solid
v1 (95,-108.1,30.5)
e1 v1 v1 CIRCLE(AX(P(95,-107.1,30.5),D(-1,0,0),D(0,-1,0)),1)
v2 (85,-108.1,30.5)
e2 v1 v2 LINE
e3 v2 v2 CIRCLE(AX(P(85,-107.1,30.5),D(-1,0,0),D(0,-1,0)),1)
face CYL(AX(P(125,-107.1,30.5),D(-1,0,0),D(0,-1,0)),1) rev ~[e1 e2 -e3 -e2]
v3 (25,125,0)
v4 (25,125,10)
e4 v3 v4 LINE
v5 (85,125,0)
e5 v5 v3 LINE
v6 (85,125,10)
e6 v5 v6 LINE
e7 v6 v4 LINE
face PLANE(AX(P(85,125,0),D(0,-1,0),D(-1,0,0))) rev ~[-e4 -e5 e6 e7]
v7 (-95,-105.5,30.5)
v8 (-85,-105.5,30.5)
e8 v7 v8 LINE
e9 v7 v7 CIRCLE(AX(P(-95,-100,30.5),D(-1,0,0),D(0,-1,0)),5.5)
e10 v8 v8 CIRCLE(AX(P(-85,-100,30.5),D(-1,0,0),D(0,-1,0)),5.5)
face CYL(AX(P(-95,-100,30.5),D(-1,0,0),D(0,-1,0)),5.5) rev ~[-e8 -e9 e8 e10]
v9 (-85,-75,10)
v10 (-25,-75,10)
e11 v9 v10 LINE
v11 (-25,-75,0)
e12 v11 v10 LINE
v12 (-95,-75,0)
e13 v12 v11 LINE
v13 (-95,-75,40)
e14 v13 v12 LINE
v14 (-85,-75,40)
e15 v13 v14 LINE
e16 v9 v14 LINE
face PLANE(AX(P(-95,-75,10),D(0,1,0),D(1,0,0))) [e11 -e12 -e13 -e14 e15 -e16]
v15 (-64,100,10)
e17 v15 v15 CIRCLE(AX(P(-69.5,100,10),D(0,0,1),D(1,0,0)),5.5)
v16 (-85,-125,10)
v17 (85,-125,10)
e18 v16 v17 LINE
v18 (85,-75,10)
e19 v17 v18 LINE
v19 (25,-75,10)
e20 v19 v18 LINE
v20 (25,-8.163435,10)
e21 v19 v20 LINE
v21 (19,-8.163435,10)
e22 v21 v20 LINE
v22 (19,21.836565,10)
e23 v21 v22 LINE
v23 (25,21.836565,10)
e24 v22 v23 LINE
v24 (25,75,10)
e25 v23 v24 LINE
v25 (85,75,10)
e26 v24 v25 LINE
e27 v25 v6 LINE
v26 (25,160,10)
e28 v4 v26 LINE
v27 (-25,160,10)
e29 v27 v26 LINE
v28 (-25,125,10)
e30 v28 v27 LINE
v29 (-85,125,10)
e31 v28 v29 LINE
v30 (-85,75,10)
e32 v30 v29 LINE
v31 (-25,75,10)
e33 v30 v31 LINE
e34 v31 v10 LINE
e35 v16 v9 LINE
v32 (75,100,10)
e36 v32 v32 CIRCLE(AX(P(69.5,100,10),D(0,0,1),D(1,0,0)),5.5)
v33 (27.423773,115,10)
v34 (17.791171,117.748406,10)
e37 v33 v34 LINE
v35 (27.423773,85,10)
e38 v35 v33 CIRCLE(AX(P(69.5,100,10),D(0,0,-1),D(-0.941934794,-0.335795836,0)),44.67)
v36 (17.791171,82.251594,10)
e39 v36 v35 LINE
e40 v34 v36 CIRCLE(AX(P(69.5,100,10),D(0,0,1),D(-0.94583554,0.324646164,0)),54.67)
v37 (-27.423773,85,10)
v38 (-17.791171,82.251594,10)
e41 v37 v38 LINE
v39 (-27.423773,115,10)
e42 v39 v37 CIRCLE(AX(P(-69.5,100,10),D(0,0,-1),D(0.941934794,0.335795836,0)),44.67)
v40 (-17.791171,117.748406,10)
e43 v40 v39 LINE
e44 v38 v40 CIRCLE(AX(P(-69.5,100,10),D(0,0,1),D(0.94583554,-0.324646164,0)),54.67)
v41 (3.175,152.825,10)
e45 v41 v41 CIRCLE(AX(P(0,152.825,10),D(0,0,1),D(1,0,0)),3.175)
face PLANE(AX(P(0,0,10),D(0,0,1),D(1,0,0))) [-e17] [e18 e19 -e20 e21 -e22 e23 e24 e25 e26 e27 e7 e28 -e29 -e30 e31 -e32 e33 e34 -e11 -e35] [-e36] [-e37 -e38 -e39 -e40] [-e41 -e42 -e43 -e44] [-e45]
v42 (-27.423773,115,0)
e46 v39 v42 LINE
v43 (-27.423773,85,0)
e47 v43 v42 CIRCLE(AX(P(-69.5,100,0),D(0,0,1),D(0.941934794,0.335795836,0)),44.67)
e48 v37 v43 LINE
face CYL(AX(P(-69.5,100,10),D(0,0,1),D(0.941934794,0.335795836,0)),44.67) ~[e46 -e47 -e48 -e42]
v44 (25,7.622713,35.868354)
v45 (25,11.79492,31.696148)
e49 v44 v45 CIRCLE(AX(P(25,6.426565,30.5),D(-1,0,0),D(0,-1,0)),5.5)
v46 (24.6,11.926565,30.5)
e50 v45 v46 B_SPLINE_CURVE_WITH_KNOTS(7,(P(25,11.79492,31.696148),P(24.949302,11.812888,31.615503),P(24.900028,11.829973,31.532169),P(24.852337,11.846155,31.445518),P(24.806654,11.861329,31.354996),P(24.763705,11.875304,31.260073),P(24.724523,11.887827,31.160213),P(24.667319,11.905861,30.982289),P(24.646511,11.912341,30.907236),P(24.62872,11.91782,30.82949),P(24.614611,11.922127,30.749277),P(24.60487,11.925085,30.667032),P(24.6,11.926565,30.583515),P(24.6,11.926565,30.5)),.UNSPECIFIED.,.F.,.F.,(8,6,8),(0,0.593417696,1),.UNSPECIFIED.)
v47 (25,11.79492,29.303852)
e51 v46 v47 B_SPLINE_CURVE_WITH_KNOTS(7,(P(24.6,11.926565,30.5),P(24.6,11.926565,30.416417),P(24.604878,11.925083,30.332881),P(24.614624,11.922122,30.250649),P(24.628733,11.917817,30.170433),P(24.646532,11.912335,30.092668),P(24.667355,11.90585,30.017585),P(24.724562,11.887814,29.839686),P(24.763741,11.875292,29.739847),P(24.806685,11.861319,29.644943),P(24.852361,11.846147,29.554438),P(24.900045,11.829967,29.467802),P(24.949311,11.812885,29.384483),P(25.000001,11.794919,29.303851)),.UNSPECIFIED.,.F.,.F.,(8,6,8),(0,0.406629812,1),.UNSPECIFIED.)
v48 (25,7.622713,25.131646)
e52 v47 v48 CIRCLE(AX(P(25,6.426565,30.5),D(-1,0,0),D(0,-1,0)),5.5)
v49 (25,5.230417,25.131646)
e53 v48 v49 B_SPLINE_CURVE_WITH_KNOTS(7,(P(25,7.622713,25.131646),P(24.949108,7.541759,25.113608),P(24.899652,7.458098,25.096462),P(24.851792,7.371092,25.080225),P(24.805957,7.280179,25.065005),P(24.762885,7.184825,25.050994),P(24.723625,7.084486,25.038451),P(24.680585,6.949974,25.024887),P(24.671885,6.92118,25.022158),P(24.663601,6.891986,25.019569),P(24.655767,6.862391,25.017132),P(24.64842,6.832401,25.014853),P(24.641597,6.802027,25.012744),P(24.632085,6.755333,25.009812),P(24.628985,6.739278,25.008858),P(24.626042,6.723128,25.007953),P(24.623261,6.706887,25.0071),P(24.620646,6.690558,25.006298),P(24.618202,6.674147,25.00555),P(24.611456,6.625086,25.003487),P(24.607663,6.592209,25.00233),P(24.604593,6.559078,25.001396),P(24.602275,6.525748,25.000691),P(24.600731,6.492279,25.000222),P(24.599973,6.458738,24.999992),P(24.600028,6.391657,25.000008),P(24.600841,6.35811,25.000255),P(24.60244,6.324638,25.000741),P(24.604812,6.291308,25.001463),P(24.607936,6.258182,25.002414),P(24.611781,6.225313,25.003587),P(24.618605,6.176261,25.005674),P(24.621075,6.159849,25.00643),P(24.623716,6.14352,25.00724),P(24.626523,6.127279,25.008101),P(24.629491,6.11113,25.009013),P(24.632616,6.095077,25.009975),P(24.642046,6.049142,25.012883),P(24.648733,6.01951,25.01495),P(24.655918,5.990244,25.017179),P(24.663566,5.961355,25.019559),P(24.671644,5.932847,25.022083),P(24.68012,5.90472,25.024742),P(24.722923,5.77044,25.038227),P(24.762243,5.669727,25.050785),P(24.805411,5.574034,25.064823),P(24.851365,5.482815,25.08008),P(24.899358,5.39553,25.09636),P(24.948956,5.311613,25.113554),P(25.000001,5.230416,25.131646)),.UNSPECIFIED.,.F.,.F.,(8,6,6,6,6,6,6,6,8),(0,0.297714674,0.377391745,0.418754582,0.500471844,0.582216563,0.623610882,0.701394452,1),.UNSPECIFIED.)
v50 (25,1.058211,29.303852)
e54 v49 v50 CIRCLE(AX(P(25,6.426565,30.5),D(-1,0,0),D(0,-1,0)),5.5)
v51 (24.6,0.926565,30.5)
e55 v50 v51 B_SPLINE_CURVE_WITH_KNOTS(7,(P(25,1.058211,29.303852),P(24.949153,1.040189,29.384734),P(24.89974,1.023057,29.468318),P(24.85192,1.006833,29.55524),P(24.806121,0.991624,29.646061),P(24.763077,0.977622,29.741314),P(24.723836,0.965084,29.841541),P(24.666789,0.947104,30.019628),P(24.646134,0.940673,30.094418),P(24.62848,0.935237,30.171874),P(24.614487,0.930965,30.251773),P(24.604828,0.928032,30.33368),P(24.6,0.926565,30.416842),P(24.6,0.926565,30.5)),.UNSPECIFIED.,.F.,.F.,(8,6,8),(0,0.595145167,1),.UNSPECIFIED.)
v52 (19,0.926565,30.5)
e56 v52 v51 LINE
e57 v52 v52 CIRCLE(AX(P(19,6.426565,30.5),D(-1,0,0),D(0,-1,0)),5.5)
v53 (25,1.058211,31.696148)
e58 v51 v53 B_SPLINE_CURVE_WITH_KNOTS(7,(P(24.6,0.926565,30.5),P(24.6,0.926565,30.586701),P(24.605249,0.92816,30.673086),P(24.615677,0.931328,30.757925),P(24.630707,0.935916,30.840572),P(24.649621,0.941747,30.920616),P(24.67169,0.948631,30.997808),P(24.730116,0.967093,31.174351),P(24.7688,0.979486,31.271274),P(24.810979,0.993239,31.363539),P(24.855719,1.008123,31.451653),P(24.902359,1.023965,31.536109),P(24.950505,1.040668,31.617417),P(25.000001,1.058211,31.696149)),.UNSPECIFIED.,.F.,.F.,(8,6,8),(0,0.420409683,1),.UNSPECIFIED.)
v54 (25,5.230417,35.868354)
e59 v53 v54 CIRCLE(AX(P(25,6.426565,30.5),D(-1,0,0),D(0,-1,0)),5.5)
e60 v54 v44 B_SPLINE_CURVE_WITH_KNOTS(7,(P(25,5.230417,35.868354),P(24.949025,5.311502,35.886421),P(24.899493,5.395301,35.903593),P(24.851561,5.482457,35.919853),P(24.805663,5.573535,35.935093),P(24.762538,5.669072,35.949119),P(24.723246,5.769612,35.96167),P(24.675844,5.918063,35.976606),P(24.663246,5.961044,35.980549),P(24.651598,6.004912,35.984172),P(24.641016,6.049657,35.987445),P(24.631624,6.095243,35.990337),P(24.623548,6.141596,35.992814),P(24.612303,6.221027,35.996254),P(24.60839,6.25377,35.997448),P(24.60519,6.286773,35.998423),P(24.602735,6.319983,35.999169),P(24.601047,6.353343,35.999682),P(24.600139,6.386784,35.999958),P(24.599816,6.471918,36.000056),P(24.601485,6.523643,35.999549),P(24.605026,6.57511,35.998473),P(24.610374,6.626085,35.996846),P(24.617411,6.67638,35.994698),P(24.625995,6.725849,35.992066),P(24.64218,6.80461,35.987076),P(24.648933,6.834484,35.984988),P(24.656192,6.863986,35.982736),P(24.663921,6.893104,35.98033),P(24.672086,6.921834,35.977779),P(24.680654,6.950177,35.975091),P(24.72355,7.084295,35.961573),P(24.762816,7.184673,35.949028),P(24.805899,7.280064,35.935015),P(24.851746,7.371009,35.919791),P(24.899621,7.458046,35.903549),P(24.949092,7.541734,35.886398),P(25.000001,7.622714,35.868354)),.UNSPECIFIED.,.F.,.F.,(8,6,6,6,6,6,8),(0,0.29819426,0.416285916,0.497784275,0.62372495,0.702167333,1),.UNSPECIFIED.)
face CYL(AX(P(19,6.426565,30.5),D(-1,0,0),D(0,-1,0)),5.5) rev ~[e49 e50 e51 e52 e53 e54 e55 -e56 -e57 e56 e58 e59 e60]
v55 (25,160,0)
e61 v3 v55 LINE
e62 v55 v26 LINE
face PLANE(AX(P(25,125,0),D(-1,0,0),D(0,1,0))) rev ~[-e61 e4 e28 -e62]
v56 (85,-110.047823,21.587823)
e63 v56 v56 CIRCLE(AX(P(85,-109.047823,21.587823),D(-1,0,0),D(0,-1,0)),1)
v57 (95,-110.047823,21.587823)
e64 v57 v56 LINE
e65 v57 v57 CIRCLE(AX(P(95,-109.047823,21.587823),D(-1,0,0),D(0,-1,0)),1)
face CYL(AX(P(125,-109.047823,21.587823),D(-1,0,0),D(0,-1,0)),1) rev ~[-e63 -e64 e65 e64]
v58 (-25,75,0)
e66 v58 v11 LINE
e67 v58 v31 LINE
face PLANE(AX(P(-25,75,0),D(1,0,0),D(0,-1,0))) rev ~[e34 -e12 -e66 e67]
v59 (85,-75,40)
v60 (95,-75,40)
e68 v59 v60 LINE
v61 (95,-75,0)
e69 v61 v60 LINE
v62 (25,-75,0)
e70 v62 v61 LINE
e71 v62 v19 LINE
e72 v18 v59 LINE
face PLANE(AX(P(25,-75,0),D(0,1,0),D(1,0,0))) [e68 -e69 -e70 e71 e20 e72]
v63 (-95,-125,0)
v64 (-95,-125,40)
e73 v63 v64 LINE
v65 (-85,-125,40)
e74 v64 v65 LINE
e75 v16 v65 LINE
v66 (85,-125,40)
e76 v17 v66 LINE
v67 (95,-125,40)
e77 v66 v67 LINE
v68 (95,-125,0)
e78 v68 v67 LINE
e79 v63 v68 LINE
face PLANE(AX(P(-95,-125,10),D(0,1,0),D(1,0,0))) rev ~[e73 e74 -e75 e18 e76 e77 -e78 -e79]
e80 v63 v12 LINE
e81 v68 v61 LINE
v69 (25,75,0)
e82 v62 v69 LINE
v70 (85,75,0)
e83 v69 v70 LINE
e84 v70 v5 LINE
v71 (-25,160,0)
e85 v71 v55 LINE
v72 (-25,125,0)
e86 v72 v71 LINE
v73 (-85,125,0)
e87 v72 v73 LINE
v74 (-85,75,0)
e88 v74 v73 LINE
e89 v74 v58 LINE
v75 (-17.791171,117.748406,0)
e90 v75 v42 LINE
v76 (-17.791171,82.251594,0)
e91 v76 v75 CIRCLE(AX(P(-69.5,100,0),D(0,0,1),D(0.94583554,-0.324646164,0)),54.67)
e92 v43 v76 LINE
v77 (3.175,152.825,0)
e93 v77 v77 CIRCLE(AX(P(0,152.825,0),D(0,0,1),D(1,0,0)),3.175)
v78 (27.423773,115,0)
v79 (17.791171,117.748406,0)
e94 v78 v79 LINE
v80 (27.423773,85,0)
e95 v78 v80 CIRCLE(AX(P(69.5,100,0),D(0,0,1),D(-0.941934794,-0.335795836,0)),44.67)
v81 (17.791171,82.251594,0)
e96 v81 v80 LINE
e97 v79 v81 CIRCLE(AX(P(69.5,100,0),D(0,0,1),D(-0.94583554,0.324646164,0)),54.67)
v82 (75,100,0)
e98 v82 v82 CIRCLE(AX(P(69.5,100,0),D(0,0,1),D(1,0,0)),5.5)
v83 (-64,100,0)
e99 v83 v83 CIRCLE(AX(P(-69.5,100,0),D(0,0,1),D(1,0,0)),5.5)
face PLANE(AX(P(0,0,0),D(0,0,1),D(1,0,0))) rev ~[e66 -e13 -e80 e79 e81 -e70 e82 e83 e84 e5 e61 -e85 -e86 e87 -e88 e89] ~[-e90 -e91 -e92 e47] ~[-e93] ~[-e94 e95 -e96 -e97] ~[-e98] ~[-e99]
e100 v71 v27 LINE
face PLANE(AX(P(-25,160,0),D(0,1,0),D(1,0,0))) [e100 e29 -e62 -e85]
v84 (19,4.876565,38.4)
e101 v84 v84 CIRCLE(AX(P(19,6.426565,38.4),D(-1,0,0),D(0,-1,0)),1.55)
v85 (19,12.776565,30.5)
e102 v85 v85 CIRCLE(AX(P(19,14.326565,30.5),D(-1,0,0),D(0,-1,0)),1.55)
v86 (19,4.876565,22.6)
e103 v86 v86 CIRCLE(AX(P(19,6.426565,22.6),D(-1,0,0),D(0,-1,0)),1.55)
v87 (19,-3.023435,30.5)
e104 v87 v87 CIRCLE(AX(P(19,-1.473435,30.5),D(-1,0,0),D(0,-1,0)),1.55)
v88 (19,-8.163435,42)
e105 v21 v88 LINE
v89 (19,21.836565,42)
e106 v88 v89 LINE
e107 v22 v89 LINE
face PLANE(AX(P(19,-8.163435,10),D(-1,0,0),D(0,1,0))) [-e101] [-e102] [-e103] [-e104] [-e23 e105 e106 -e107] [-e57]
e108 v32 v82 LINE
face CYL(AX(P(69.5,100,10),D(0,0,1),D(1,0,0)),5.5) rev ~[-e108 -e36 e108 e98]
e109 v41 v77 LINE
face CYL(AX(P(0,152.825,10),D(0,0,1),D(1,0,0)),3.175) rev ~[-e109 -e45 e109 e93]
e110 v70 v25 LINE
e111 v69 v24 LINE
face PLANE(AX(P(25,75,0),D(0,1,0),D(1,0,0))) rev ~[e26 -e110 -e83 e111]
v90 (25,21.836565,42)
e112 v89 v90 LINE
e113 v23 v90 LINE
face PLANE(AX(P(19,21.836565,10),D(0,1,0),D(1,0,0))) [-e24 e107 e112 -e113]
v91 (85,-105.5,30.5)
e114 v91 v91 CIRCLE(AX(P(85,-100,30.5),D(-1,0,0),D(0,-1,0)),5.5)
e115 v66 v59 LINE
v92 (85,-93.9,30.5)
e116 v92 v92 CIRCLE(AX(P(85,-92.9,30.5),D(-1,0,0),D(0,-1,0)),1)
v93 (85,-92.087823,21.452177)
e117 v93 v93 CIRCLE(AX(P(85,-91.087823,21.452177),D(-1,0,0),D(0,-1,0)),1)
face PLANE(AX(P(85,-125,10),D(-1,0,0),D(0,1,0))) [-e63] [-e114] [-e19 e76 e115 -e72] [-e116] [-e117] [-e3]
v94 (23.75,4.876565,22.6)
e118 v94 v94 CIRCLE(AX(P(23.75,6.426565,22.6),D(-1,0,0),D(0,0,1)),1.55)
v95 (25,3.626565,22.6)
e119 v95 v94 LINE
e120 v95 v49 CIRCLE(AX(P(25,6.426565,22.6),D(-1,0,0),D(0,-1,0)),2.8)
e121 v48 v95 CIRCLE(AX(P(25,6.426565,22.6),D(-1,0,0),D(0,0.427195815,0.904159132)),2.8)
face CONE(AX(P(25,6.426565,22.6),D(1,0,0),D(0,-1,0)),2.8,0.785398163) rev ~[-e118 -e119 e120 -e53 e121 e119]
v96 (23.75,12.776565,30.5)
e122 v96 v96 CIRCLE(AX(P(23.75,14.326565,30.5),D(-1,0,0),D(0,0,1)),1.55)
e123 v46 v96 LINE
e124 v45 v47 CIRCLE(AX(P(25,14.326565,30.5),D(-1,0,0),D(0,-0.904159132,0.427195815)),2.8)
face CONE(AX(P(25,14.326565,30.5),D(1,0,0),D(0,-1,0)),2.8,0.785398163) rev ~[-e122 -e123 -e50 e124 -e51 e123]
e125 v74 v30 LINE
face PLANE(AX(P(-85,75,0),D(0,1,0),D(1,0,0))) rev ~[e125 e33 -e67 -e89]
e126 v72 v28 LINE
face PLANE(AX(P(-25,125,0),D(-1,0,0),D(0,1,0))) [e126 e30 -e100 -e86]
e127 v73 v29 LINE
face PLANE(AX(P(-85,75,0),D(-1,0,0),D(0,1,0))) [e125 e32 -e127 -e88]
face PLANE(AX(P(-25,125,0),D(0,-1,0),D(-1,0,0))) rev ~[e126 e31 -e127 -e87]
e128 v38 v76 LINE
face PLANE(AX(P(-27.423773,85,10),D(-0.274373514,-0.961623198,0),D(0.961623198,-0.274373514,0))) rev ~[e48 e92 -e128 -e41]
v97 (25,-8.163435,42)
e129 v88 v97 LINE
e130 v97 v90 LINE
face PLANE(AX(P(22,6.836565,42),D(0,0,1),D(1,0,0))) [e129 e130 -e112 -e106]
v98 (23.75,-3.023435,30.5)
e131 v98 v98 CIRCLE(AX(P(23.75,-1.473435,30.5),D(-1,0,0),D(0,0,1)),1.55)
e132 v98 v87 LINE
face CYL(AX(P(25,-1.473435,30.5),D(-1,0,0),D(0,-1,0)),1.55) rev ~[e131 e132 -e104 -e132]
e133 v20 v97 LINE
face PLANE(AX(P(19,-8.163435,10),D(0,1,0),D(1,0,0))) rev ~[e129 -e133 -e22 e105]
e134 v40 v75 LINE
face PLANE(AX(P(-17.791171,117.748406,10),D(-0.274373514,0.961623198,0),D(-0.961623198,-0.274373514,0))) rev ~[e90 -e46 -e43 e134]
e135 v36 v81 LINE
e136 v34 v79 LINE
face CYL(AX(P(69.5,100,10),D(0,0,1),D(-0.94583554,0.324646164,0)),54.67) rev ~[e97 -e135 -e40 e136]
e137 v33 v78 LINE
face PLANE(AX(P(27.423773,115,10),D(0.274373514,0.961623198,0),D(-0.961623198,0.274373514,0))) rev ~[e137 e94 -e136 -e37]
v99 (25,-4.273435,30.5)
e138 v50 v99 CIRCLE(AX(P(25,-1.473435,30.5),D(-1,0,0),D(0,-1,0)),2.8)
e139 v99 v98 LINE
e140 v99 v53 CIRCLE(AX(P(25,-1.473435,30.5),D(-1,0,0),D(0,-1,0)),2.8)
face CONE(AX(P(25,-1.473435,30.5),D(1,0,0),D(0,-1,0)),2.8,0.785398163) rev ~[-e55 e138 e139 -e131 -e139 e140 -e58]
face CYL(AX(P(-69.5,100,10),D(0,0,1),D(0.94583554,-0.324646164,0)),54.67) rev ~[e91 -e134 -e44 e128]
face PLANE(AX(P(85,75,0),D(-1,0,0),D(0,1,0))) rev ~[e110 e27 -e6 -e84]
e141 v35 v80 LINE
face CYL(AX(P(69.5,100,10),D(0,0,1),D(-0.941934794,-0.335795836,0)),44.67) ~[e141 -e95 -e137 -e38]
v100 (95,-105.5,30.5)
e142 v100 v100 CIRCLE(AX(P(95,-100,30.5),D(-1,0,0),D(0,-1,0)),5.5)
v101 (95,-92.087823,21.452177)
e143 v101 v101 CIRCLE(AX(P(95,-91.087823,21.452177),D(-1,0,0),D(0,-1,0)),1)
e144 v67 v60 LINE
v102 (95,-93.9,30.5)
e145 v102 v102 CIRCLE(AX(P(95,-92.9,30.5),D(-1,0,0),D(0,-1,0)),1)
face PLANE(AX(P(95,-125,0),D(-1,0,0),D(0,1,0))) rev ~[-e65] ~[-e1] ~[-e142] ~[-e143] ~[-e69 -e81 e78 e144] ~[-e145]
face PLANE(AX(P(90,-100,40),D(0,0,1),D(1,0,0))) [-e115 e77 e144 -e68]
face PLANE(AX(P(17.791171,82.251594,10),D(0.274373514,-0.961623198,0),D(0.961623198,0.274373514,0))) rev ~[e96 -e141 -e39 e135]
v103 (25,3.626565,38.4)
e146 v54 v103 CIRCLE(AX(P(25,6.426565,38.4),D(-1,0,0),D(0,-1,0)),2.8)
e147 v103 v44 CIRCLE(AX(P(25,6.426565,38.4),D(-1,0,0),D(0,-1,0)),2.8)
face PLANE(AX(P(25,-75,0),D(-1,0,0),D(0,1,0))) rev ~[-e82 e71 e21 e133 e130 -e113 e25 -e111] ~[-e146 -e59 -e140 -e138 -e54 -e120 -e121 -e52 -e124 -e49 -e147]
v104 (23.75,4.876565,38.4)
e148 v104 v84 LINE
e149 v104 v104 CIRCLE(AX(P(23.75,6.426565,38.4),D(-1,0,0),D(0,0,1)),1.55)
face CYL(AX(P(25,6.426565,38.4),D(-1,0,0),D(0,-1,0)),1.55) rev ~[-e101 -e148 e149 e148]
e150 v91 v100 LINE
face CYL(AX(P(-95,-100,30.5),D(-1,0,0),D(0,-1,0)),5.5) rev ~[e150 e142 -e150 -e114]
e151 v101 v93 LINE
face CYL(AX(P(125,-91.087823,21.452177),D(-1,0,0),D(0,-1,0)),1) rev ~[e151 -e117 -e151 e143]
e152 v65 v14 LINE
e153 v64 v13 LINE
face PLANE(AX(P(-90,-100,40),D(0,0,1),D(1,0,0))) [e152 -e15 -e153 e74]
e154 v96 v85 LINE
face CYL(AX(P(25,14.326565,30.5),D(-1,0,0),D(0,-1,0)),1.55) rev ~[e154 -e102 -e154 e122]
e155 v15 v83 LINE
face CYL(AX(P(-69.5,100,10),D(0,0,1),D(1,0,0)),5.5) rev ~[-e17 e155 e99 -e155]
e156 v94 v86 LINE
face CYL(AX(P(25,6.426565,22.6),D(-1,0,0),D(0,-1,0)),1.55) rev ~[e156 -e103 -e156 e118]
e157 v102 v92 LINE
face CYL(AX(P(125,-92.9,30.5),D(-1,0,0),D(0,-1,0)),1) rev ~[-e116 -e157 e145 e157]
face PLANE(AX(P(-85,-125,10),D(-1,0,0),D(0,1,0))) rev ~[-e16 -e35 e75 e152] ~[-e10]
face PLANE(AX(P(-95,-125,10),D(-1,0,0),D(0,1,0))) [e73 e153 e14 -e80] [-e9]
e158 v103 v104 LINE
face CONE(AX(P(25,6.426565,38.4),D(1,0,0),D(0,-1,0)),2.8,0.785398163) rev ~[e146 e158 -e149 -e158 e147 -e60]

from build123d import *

# Parameters (mm, degrees)
F0_W            = 50
F0_H            = 150
F0_H_2          = 50
F0_W_2          = 60
F0_W_3          = 70
F0_H_3          = 35
F1_DEPTH        = 10
F2_W            = 10
F2_H            = 50
F3_DEPTH        = 30
F4_R            = 5.5
F5_DEPTH        = 190.001
F6_R            = 3.175
F7_DEPTH        = 10.001
F8_R            = 5.5
F9_DEPTH        = 10.001
F10_R           = 5.5
F11_DEPTH       = 10.001
F13_DEPTH       = 10.001
F14_W           = 6
F14_H           = 30
F15_DEPTH       = 32
F16_R           = 5.5
F17_DEPTH       = 76.001
F19_D           = 3.1
F19_CSINK_D     = 5.6
F19_CSINK_ANGLE = 90
F21_D           = 2
F21_DEPTH       = 30
F21_TIP         = 0.600860619


with BuildPart() as f1:
    # F0 (on Top) → F1 (new body)
    with BuildSketch(Plane.XY):
        Rectangle(F0_W, F0_H)
        with Locations((0, 100)):
            Rectangle(F0_W, F0_H_2)
        with Locations((55, 100)):
            Rectangle(F0_W_2, F0_H_2)
        with Locations((-55, 100)):
            Rectangle(F0_W_2, F0_H_2)
        with Locations((0, -100)):
            Rectangle(F0_W, F0_H_2)
        with Locations((60, -100)):
            Rectangle(F0_W_3, F0_H_2)
        with Locations((0, 142.5)):
            Rectangle(F0_W, F0_H_3)
        with Locations((-60, -100)):
            Rectangle(F0_W_3, F0_H_2)
    extrude(amount=F1_DEPTH)

    # F2 (on face) → F3 (join)
    with BuildSketch(Plane.XY.offset(10)):
        with Locations((-90, -100)):
            Rectangle(F2_W, F2_H)
        with Locations((90, -100)):
            Rectangle(F2_W, F2_H)
    extrude(amount=F3_DEPTH)

    # F4 (on face) → F5 (cut, through all)
    with BuildSketch(Plane(origin=(-95, 0, 0), x_dir=(0, -1, 0), z_dir=(-1, 0, 0))):
        with Locations((100, 30.5)):
            Circle(F4_R)
    extrude(amount=-F5_DEPTH, mode=Mode.SUBTRACT)

    # F6 (on face) → F7 (cut, through all)
    with BuildSketch(Plane.XY.offset(10)):
        with Locations((0, 152.825)):
            Circle(F6_R)
    extrude(amount=-F7_DEPTH, mode=Mode.SUBTRACT)

    # F8 (on face) → F9 (cut, through all)
    with BuildSketch(Plane.XY.offset(10)):
        with Locations((-69.5, 100)):
            Circle(F8_R)
    extrude(amount=-F9_DEPTH, mode=Mode.SUBTRACT)

    # F10 (on face) → F11 (cut, through all)
    with BuildSketch(Plane.XY.offset(10)):
        with Locations((69.5, 100)):
            Circle(F10_R)
    extrude(amount=-F11_DEPTH, mode=Mode.SUBTRACT)

    # F12 (on face) → F13 (cut, through all)
    with BuildSketch(Plane.XY.offset(10)):
        with BuildLine():
            Line((17.7911710483, 82.2515942001), (27.4237727452, 85))
            ThreePointArc((27.4237727452, 85), (24.83, 100), (27.4237727452, 115))
            Line((27.4237727452, 115), (17.7911710483, 117.7484057999))
            ThreePointArc((17.7911710483, 117.7484057999), (14.83, 100), (17.7911710483, 82.2515942001))
        make_face()
        with BuildLine():
            Line((-27.4237727452, 85), (-17.7911710483, 82.2515942001))
            ThreePointArc((-17.7911710483, 82.2515942001), (-14.83, 100), (-17.7911710483, 117.7484057999))
            Line((-17.7911710483, 117.7484057999), (-27.4237727452, 115))
            ThreePointArc((-27.4237727452, 115), (-24.83, 100), (-27.4237727452, 85))
        make_face()
    extrude(amount=-F13_DEPTH, mode=Mode.SUBTRACT)

    # F14 (on face) → F15 (join)
    with BuildSketch(Plane.XY.offset(10)):
        with Locations((22, 6.836565081)):
            Rectangle(F14_W, F14_H)
    extrude(amount=F15_DEPTH)

    # F16 (on face) → F17 (cut, through all)
    with BuildSketch(Plane(origin=(19, 0, 0), x_dir=(0, -1, 0), z_dir=(-1, 0, 0))):
        with Locations((-6.426565081, 30.5)):
            Circle(F16_R)
    extrude(amount=-F17_DEPTH, mode=Mode.SUBTRACT)

    # F19 (through all)
    with Locations(Plane.YZ.offset(25)):
        with Locations((6.426565081, 38.4), (14.326565081, 30.5), (6.426565081, 22.6), (-1.473434919, 30.5)):
            CounterSinkHole(F19_D / 2, F19_CSINK_D / 2, counter_sink_angle=F19_CSINK_ANGLE)

    # F21
    with Locations(Plane.YZ.offset(95)):
        with Locations((-107.1, 30.5), (-92.9, 30.5), (-91.0878232998, 21.4521767002), (-109.0478232998, 21.5878232998)):
            Hole(F21_D / 2, depth=F21_DEPTH)
            with Locations((0, 0, -(F21_DEPTH + F21_TIP / 2))):  # 118° drill point
                Cone(0, F21_D / 2, F21_TIP, mode=Mode.SUBTRACT)


solid = f1.part
